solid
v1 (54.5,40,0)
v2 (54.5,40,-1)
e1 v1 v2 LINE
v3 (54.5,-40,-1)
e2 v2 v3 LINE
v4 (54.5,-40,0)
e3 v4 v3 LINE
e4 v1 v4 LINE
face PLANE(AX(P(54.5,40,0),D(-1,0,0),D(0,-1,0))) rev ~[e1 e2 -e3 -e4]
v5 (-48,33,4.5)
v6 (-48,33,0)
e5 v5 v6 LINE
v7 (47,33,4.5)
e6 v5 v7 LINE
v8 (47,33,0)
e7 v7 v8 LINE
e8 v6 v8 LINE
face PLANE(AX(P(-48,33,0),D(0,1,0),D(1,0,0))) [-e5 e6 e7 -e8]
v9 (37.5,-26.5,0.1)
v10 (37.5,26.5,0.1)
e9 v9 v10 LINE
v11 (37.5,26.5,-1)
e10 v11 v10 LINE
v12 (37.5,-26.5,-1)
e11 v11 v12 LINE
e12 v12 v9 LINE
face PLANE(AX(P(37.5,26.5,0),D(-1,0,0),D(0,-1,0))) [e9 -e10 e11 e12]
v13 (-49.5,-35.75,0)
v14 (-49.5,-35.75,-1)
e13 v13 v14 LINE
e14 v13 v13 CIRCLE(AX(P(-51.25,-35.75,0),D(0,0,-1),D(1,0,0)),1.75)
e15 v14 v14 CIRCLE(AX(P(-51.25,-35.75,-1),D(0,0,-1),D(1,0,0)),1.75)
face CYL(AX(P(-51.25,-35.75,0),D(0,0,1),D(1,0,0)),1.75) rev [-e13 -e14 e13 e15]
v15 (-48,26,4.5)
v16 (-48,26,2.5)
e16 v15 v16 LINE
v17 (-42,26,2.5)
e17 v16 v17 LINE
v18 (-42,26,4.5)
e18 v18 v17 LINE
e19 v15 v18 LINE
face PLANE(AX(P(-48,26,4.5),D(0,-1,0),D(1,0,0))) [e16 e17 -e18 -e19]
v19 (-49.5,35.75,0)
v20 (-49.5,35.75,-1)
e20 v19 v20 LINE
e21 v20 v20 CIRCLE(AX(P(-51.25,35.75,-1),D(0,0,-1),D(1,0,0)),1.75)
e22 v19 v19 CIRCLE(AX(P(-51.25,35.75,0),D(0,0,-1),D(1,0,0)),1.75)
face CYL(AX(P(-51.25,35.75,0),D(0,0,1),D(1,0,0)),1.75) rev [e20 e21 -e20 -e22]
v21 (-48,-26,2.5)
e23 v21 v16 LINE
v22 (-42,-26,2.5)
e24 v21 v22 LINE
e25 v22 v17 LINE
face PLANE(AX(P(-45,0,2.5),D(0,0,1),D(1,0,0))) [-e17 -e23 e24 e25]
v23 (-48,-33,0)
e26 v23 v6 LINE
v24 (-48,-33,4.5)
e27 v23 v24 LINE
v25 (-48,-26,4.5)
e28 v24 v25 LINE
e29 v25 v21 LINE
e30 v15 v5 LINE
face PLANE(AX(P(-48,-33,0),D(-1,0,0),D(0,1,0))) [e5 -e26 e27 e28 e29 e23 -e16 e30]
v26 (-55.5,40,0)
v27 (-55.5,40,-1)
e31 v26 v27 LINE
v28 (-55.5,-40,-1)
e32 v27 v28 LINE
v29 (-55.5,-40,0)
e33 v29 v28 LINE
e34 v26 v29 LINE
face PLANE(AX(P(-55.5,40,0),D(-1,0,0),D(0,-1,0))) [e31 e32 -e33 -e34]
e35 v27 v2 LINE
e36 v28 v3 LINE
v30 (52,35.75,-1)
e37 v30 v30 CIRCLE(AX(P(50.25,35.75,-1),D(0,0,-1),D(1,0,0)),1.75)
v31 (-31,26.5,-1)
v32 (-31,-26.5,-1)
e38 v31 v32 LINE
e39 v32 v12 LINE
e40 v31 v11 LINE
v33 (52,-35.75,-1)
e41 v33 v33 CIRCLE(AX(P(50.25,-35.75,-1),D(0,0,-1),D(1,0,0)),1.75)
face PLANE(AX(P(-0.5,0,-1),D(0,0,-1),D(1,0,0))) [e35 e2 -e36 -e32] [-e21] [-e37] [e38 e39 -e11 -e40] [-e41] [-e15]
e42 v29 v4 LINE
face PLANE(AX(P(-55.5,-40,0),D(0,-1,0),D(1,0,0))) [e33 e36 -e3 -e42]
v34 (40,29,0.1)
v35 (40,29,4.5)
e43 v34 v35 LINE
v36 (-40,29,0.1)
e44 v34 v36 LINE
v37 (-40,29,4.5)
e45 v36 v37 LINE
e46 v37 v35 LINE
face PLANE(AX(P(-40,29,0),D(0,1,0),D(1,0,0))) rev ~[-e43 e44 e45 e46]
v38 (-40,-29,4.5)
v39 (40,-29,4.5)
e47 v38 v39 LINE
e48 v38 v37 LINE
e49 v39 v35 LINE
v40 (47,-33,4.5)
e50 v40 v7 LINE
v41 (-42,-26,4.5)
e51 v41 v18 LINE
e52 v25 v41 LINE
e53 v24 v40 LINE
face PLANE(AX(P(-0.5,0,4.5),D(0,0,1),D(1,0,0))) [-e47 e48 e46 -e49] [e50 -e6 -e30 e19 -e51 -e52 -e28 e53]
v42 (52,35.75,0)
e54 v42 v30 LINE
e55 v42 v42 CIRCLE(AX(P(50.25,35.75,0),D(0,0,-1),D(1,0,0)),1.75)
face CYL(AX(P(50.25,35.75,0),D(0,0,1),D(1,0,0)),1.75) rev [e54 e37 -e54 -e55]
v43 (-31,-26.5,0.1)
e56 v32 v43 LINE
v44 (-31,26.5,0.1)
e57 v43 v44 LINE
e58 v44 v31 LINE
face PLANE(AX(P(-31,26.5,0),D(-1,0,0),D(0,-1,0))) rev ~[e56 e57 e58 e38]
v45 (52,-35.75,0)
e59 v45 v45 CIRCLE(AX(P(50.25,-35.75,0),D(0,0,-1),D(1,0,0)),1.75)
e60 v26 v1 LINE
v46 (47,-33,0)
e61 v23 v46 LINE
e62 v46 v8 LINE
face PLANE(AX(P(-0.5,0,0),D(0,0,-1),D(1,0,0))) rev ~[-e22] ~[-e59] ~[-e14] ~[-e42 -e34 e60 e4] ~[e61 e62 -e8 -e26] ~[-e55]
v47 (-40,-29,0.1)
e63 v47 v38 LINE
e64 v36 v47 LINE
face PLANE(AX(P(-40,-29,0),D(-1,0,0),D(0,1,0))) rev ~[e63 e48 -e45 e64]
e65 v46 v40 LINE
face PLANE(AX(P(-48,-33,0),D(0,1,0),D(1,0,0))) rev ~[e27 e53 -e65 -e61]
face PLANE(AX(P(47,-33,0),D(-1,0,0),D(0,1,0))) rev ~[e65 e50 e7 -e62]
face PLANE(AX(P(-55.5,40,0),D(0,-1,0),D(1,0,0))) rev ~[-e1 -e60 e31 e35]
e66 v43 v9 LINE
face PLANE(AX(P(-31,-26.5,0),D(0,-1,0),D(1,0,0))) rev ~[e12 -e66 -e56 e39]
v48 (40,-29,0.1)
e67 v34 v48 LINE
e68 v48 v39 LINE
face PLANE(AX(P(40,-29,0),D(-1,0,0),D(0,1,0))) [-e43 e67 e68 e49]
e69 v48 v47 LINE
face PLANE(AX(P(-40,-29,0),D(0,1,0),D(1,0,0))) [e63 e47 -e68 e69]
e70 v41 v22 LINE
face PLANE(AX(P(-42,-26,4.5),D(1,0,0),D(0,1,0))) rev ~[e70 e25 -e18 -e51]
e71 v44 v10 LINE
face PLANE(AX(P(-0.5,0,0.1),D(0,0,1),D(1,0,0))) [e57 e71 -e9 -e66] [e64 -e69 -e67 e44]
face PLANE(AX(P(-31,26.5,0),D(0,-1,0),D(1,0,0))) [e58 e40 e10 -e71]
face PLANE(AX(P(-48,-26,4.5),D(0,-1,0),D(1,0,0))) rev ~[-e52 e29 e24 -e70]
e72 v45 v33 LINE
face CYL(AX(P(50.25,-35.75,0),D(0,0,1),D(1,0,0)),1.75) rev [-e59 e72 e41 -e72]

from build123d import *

# Parameters (mm, degrees)
F0_W     = 95
F0_H     = 66
F0_W_2   = 80
F0_H_2   = 58
F0_W_3   = 68.5
F0_H_3   = 53
F1_DEPTH = 0.1
F2_DEPTH = 4.5
F3_W     = 6
F3_H     = 52
F4_DEPTH = 2
F5_W     = 110
F5_H     = 80
F5_R     = 1.75
F5_W_2   = 95
F5_H_2   = 66
F5_W_3   = 68.5
F5_H_3   = 53
F6_DEPTH = 1


with BuildPart() as f1:
    # F0 (on Top) → F1 (new body)
    with BuildSketch(Plane.XY):
        with Locations((-0.5, 0)):
            Rectangle(F0_W, F0_H)
        Rectangle(F0_W_2, F0_H_2, mode=Mode.SUBTRACT)
        Rectangle(F0_W_2, F0_H_2)
        with Locations((3.25, 0)):
            Rectangle(F0_W_3, F0_H_3, mode=Mode.SUBTRACT)
    extrude(amount=F1_DEPTH)

    # F0 (on Top) → F2 (join)
    with BuildSketch(Plane.XY):
        with Locations((-0.5, 0)):
            Rectangle(F0_W, F0_H)
        Rectangle(F0_W_2, F0_H_2, mode=Mode.SUBTRACT)
    extrude(amount=F2_DEPTH)

    # F3 (on face) → F4 (cut)
    with BuildSketch(Plane.XY.offset(4.5)):
        with Locations((-45, 0)):
            Rectangle(F3_W, F3_H)
    extrude(amount=-F4_DEPTH, mode=Mode.SUBTRACT)

    # F5 (on face) → F6 (join)
    with BuildSketch(Plane(origin=(0, 0, 0), x_dir=(1, 0, 0), z_dir=(0, 0, -1))):
        with Locations((-0.5, 0)):
            Rectangle(F5_W, F5_H)
        with Locations((-51.25, -35.75)):
            Circle(F5_R, mode=Mode.SUBTRACT)
        with Locations((50.25, -35.75)):
            Circle(F5_R, mode=Mode.SUBTRACT)
        with Locations((-51.25, 35.75)):
            Circle(F5_R, mode=Mode.SUBTRACT)
        with Locations((-0.5, 0)):
            Rectangle(F5_W_2, F5_H_2, mode=Mode.SUBTRACT)
        with Locations((50.25, 35.75)):
            Circle(F5_R, mode=Mode.SUBTRACT)
        with Locations((-0.5, 0)):
            Rectangle(F5_W_2, F5_H_2)
        with Locations((3.25, 0)):
            Rectangle(F5_W_3, F5_H_3, mode=Mode.SUBTRACT)
    extrude(amount=F6_DEPTH)


solid = f1.part
